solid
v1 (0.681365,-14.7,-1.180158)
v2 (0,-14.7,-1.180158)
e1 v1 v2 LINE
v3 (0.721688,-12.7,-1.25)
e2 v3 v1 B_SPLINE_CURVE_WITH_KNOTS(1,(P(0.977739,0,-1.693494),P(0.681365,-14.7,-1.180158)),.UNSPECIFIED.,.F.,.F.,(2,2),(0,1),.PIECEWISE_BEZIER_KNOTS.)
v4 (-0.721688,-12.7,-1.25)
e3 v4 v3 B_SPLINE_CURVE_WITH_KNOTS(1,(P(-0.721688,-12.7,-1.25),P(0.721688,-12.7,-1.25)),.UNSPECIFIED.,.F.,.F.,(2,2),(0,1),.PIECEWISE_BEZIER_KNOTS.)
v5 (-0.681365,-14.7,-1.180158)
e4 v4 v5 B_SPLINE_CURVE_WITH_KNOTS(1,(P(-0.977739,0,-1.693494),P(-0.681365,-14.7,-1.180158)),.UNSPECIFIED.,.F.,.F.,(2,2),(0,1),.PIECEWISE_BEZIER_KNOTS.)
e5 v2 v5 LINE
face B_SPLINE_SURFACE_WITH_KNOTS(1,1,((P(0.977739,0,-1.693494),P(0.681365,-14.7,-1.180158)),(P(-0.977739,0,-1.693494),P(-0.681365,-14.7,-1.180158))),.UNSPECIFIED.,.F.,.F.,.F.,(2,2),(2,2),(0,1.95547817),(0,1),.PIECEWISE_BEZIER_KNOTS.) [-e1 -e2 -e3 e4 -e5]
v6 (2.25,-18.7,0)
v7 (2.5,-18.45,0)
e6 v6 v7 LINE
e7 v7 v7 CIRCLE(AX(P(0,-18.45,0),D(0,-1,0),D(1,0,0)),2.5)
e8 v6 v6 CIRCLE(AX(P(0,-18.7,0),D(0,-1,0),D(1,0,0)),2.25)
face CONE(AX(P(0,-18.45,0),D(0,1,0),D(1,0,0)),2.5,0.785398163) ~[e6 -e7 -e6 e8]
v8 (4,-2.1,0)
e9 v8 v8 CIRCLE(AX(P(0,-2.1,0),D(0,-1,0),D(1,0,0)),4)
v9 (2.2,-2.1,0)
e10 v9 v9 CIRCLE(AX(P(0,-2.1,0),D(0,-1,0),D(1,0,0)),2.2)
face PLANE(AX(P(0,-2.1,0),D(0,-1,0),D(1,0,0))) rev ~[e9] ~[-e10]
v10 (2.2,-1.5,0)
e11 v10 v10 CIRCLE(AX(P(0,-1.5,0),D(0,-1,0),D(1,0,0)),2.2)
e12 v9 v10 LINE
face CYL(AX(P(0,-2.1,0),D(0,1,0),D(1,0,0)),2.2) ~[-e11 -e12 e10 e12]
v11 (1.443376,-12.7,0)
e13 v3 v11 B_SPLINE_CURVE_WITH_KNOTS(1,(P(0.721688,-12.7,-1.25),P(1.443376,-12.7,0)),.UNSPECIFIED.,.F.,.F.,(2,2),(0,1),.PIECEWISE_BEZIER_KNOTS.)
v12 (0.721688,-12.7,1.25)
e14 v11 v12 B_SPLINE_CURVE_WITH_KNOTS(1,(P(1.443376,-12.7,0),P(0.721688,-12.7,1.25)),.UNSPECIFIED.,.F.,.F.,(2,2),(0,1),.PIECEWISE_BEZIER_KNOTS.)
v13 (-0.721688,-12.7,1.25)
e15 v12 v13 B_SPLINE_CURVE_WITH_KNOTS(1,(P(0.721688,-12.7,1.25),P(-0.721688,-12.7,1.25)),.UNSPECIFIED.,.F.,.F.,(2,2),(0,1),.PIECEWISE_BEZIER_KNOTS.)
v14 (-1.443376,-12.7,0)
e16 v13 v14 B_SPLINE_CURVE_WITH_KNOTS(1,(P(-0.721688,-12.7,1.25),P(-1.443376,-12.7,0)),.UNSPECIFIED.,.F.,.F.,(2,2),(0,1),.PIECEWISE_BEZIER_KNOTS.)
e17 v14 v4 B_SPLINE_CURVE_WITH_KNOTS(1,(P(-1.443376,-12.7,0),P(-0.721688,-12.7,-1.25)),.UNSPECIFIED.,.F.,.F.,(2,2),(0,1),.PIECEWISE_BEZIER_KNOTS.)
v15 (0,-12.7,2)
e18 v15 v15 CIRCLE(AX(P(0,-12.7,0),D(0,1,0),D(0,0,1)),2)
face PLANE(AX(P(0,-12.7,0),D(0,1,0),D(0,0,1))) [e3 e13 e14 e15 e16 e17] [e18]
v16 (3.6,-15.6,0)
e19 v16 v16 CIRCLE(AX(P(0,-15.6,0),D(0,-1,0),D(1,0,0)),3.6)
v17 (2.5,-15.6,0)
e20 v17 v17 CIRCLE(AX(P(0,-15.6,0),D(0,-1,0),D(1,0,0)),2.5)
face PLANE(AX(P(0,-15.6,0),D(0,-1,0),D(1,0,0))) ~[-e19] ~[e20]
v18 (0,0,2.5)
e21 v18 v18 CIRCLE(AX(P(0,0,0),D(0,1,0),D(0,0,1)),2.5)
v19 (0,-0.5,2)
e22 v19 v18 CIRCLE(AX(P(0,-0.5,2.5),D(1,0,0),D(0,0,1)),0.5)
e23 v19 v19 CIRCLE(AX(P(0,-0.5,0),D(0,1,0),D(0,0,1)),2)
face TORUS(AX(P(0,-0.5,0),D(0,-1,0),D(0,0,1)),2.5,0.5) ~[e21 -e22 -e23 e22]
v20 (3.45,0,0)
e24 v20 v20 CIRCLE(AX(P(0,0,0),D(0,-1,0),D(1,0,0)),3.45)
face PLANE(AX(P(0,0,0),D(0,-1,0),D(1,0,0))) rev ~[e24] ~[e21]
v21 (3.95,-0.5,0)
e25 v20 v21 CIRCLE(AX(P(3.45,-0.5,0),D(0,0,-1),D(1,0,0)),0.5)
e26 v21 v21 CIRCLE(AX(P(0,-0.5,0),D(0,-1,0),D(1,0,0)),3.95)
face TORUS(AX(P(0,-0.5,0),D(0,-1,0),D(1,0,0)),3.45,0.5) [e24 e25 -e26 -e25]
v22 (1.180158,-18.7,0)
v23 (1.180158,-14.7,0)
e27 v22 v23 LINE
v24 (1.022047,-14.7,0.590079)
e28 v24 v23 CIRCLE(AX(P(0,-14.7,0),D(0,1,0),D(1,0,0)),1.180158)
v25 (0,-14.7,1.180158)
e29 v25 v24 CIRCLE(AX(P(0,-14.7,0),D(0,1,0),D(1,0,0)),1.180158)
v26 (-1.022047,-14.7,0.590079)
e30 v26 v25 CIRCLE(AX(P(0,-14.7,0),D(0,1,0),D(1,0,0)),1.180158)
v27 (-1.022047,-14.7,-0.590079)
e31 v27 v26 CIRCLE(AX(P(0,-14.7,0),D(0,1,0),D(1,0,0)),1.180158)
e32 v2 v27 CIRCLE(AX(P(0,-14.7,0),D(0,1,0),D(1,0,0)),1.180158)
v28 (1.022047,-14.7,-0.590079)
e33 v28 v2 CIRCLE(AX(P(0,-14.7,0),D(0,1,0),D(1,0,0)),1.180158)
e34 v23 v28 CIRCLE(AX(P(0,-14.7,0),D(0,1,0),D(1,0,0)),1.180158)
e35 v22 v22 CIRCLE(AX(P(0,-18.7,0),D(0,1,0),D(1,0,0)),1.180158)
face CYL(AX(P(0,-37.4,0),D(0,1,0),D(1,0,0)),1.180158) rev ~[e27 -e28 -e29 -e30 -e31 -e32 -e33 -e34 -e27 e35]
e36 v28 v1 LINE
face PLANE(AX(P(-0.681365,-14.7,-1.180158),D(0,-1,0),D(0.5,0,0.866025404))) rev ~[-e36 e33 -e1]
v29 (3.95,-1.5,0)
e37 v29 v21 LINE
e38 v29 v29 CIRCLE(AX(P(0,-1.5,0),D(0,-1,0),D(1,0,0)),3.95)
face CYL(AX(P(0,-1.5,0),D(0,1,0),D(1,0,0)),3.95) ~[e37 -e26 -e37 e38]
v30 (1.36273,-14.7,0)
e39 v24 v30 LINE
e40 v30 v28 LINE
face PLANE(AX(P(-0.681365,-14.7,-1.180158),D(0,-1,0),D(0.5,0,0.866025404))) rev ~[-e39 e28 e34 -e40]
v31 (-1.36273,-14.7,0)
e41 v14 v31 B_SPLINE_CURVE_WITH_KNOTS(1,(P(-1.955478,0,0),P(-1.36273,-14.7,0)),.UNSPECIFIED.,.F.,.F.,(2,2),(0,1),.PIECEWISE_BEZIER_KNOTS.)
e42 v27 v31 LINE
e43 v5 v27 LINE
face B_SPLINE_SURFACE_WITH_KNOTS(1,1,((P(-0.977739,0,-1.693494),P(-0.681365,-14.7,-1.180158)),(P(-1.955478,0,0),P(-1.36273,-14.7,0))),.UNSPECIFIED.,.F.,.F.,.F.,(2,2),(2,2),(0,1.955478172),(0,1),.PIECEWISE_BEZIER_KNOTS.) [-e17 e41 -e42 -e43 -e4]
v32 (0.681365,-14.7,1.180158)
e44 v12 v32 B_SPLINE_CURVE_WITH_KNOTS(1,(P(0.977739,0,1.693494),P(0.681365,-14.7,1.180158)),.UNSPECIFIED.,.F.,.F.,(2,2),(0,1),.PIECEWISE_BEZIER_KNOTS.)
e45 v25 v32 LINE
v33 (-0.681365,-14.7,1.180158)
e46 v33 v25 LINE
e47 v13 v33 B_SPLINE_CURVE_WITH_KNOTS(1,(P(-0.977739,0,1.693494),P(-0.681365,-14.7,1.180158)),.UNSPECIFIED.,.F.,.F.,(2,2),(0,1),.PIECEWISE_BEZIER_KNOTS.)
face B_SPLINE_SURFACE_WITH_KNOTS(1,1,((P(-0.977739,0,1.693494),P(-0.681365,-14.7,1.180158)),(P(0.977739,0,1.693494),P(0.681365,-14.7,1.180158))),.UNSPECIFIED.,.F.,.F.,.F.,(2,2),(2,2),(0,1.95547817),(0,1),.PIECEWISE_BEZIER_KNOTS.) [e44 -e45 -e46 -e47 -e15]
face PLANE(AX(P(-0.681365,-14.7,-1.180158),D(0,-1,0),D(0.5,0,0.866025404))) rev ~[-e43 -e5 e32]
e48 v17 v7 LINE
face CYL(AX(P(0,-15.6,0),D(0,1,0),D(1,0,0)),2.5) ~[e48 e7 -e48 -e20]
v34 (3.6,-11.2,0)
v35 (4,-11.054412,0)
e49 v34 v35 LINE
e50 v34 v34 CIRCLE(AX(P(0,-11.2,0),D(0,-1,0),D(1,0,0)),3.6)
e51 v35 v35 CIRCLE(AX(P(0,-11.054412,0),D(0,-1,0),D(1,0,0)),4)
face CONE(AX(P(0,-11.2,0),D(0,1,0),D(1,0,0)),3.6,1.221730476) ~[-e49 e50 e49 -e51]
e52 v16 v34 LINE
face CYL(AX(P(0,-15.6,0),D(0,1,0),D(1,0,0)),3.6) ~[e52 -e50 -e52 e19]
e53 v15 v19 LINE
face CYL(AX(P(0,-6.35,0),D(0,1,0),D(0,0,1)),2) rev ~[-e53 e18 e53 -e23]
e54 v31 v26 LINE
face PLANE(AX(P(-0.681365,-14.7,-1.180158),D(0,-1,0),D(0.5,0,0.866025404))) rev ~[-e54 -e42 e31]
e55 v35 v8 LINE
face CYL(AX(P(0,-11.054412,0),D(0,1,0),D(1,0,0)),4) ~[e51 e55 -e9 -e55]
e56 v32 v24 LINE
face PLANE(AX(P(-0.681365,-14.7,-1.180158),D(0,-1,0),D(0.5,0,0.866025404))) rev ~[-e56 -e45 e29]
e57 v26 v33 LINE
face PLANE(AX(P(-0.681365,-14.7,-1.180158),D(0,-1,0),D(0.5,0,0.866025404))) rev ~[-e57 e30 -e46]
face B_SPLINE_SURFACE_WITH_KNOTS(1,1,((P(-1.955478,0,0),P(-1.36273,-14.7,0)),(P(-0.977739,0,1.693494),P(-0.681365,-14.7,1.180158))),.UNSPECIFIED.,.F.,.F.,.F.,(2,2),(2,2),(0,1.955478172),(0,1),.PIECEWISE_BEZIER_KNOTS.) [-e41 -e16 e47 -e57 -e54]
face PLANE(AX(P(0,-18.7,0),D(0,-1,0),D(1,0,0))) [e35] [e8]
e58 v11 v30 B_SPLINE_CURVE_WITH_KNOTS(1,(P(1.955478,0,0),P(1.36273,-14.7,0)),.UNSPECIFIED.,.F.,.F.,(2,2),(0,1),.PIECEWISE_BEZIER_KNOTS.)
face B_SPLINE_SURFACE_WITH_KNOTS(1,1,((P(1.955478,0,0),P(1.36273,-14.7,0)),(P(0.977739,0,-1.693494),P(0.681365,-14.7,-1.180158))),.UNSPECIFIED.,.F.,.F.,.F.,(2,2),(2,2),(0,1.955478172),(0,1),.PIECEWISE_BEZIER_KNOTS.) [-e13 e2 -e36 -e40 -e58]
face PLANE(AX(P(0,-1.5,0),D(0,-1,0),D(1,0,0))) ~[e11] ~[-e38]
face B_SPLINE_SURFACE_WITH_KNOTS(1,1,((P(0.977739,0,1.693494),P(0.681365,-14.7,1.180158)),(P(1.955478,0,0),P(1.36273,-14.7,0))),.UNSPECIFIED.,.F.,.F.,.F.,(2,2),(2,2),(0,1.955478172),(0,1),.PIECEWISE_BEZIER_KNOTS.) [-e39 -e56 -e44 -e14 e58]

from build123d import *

# Parameters (mm, degrees)
SKETCH2_R                 = 2.5
BOSS_EXTRUDE1_DEPTH       = 3.1
CUT_EXTRUDE1_DEPTH        = 14.7
CUT_EXTRUDE1_TAPER        = 2
SKETCH4_W                 = 2
SKETCH4_H                 = 12.7
F_2_CLEARANCE_HOLE1_D     = 2.360316922
F_2_CLEARANCE_HOLE1_DEPTH = 18.7
CHAMFER1_SIZE             = 0.25
FILLET1_R                 = 0.5


with BuildPart() as part:
    # Sketch1 → Revolve1 (revolve)
    with BuildSketch(Plane.XY):
        Polygon((3.95, 0), (0, 0), (0, -15.6), (3.6, -15.6), (3.6, -11.2), (4, -11.054411906), (4, -2.1), (2.2, -2.1), (2.2, -1.5), (3.95, -1.5), align=None)
    revolve(axis=Axis((0, 0, 0), (0, -1, 0)))

    # Sketch2 → Boss-Extrude1 (add)
    with BuildSketch(Plane.XZ.offset(15.6)):
        Circle(SKETCH2_R)
    extrude(amount=BOSS_EXTRUDE1_DEPTH)

    # Sketch3 → Cut-Extrude1 (cut)
    with BuildSketch(Plane(origin=(0, 0, 0), x_dir=(-1, 0, 0), z_dir=(0, 1, 0))):
        Polygon((0.977739085, -1.693493773), (1.955478171, 0), (0.977739085, 1.693493773), (-0.977739085, 1.693493773), (-1.955478171, 0), (-0.977739085, -1.693493773), align=None)
    extrude(amount=-CUT_EXTRUDE1_DEPTH, taper=CUT_EXTRUDE1_TAPER, mode=Mode.SUBTRACT)

    # Sketch4 → Cut-Revolve1 (revolve, cut)
    with BuildSketch(Plane(origin=(0, 0, 0), x_dir=(0, 0, -1), z_dir=(1, 0, 0))):
        with Locations((-1, -6.35)):
            Rectangle(SKETCH4_W, SKETCH4_H)
    revolve(axis=Axis((0, -12.7, 0), (0, 1, 0)), mode=Mode.SUBTRACT)

    # #2 Clearance Hole1
    with Locations(Plane(origin=(0, -18.7, 0), x_dir=(-1, 0, 0), z_dir=(0, -1, 0))):
        with Locations((0, 0)):
            Hole(F_2_CLEARANCE_HOLE1_D / 2, depth=F_2_CLEARANCE_HOLE1_DEPTH)

    # Chamfer1
    chamfer1_edges = [part.edges().sort_by_distance(p)[0] for p in [
        (-2.5, -18.7, 0),
    ]]
    chamfer(chamfer1_edges, length=CHAMFER1_SIZE)

    # Fillet1
    fillet1_edges = [part.edges().sort_by_distance(p)[0] for p in [
        (-3.95, 0, 0),
        (0, 0, -2),
    ]]
    fillet(fillet1_edges, radius=FILLET1_R)


solid = part.part
